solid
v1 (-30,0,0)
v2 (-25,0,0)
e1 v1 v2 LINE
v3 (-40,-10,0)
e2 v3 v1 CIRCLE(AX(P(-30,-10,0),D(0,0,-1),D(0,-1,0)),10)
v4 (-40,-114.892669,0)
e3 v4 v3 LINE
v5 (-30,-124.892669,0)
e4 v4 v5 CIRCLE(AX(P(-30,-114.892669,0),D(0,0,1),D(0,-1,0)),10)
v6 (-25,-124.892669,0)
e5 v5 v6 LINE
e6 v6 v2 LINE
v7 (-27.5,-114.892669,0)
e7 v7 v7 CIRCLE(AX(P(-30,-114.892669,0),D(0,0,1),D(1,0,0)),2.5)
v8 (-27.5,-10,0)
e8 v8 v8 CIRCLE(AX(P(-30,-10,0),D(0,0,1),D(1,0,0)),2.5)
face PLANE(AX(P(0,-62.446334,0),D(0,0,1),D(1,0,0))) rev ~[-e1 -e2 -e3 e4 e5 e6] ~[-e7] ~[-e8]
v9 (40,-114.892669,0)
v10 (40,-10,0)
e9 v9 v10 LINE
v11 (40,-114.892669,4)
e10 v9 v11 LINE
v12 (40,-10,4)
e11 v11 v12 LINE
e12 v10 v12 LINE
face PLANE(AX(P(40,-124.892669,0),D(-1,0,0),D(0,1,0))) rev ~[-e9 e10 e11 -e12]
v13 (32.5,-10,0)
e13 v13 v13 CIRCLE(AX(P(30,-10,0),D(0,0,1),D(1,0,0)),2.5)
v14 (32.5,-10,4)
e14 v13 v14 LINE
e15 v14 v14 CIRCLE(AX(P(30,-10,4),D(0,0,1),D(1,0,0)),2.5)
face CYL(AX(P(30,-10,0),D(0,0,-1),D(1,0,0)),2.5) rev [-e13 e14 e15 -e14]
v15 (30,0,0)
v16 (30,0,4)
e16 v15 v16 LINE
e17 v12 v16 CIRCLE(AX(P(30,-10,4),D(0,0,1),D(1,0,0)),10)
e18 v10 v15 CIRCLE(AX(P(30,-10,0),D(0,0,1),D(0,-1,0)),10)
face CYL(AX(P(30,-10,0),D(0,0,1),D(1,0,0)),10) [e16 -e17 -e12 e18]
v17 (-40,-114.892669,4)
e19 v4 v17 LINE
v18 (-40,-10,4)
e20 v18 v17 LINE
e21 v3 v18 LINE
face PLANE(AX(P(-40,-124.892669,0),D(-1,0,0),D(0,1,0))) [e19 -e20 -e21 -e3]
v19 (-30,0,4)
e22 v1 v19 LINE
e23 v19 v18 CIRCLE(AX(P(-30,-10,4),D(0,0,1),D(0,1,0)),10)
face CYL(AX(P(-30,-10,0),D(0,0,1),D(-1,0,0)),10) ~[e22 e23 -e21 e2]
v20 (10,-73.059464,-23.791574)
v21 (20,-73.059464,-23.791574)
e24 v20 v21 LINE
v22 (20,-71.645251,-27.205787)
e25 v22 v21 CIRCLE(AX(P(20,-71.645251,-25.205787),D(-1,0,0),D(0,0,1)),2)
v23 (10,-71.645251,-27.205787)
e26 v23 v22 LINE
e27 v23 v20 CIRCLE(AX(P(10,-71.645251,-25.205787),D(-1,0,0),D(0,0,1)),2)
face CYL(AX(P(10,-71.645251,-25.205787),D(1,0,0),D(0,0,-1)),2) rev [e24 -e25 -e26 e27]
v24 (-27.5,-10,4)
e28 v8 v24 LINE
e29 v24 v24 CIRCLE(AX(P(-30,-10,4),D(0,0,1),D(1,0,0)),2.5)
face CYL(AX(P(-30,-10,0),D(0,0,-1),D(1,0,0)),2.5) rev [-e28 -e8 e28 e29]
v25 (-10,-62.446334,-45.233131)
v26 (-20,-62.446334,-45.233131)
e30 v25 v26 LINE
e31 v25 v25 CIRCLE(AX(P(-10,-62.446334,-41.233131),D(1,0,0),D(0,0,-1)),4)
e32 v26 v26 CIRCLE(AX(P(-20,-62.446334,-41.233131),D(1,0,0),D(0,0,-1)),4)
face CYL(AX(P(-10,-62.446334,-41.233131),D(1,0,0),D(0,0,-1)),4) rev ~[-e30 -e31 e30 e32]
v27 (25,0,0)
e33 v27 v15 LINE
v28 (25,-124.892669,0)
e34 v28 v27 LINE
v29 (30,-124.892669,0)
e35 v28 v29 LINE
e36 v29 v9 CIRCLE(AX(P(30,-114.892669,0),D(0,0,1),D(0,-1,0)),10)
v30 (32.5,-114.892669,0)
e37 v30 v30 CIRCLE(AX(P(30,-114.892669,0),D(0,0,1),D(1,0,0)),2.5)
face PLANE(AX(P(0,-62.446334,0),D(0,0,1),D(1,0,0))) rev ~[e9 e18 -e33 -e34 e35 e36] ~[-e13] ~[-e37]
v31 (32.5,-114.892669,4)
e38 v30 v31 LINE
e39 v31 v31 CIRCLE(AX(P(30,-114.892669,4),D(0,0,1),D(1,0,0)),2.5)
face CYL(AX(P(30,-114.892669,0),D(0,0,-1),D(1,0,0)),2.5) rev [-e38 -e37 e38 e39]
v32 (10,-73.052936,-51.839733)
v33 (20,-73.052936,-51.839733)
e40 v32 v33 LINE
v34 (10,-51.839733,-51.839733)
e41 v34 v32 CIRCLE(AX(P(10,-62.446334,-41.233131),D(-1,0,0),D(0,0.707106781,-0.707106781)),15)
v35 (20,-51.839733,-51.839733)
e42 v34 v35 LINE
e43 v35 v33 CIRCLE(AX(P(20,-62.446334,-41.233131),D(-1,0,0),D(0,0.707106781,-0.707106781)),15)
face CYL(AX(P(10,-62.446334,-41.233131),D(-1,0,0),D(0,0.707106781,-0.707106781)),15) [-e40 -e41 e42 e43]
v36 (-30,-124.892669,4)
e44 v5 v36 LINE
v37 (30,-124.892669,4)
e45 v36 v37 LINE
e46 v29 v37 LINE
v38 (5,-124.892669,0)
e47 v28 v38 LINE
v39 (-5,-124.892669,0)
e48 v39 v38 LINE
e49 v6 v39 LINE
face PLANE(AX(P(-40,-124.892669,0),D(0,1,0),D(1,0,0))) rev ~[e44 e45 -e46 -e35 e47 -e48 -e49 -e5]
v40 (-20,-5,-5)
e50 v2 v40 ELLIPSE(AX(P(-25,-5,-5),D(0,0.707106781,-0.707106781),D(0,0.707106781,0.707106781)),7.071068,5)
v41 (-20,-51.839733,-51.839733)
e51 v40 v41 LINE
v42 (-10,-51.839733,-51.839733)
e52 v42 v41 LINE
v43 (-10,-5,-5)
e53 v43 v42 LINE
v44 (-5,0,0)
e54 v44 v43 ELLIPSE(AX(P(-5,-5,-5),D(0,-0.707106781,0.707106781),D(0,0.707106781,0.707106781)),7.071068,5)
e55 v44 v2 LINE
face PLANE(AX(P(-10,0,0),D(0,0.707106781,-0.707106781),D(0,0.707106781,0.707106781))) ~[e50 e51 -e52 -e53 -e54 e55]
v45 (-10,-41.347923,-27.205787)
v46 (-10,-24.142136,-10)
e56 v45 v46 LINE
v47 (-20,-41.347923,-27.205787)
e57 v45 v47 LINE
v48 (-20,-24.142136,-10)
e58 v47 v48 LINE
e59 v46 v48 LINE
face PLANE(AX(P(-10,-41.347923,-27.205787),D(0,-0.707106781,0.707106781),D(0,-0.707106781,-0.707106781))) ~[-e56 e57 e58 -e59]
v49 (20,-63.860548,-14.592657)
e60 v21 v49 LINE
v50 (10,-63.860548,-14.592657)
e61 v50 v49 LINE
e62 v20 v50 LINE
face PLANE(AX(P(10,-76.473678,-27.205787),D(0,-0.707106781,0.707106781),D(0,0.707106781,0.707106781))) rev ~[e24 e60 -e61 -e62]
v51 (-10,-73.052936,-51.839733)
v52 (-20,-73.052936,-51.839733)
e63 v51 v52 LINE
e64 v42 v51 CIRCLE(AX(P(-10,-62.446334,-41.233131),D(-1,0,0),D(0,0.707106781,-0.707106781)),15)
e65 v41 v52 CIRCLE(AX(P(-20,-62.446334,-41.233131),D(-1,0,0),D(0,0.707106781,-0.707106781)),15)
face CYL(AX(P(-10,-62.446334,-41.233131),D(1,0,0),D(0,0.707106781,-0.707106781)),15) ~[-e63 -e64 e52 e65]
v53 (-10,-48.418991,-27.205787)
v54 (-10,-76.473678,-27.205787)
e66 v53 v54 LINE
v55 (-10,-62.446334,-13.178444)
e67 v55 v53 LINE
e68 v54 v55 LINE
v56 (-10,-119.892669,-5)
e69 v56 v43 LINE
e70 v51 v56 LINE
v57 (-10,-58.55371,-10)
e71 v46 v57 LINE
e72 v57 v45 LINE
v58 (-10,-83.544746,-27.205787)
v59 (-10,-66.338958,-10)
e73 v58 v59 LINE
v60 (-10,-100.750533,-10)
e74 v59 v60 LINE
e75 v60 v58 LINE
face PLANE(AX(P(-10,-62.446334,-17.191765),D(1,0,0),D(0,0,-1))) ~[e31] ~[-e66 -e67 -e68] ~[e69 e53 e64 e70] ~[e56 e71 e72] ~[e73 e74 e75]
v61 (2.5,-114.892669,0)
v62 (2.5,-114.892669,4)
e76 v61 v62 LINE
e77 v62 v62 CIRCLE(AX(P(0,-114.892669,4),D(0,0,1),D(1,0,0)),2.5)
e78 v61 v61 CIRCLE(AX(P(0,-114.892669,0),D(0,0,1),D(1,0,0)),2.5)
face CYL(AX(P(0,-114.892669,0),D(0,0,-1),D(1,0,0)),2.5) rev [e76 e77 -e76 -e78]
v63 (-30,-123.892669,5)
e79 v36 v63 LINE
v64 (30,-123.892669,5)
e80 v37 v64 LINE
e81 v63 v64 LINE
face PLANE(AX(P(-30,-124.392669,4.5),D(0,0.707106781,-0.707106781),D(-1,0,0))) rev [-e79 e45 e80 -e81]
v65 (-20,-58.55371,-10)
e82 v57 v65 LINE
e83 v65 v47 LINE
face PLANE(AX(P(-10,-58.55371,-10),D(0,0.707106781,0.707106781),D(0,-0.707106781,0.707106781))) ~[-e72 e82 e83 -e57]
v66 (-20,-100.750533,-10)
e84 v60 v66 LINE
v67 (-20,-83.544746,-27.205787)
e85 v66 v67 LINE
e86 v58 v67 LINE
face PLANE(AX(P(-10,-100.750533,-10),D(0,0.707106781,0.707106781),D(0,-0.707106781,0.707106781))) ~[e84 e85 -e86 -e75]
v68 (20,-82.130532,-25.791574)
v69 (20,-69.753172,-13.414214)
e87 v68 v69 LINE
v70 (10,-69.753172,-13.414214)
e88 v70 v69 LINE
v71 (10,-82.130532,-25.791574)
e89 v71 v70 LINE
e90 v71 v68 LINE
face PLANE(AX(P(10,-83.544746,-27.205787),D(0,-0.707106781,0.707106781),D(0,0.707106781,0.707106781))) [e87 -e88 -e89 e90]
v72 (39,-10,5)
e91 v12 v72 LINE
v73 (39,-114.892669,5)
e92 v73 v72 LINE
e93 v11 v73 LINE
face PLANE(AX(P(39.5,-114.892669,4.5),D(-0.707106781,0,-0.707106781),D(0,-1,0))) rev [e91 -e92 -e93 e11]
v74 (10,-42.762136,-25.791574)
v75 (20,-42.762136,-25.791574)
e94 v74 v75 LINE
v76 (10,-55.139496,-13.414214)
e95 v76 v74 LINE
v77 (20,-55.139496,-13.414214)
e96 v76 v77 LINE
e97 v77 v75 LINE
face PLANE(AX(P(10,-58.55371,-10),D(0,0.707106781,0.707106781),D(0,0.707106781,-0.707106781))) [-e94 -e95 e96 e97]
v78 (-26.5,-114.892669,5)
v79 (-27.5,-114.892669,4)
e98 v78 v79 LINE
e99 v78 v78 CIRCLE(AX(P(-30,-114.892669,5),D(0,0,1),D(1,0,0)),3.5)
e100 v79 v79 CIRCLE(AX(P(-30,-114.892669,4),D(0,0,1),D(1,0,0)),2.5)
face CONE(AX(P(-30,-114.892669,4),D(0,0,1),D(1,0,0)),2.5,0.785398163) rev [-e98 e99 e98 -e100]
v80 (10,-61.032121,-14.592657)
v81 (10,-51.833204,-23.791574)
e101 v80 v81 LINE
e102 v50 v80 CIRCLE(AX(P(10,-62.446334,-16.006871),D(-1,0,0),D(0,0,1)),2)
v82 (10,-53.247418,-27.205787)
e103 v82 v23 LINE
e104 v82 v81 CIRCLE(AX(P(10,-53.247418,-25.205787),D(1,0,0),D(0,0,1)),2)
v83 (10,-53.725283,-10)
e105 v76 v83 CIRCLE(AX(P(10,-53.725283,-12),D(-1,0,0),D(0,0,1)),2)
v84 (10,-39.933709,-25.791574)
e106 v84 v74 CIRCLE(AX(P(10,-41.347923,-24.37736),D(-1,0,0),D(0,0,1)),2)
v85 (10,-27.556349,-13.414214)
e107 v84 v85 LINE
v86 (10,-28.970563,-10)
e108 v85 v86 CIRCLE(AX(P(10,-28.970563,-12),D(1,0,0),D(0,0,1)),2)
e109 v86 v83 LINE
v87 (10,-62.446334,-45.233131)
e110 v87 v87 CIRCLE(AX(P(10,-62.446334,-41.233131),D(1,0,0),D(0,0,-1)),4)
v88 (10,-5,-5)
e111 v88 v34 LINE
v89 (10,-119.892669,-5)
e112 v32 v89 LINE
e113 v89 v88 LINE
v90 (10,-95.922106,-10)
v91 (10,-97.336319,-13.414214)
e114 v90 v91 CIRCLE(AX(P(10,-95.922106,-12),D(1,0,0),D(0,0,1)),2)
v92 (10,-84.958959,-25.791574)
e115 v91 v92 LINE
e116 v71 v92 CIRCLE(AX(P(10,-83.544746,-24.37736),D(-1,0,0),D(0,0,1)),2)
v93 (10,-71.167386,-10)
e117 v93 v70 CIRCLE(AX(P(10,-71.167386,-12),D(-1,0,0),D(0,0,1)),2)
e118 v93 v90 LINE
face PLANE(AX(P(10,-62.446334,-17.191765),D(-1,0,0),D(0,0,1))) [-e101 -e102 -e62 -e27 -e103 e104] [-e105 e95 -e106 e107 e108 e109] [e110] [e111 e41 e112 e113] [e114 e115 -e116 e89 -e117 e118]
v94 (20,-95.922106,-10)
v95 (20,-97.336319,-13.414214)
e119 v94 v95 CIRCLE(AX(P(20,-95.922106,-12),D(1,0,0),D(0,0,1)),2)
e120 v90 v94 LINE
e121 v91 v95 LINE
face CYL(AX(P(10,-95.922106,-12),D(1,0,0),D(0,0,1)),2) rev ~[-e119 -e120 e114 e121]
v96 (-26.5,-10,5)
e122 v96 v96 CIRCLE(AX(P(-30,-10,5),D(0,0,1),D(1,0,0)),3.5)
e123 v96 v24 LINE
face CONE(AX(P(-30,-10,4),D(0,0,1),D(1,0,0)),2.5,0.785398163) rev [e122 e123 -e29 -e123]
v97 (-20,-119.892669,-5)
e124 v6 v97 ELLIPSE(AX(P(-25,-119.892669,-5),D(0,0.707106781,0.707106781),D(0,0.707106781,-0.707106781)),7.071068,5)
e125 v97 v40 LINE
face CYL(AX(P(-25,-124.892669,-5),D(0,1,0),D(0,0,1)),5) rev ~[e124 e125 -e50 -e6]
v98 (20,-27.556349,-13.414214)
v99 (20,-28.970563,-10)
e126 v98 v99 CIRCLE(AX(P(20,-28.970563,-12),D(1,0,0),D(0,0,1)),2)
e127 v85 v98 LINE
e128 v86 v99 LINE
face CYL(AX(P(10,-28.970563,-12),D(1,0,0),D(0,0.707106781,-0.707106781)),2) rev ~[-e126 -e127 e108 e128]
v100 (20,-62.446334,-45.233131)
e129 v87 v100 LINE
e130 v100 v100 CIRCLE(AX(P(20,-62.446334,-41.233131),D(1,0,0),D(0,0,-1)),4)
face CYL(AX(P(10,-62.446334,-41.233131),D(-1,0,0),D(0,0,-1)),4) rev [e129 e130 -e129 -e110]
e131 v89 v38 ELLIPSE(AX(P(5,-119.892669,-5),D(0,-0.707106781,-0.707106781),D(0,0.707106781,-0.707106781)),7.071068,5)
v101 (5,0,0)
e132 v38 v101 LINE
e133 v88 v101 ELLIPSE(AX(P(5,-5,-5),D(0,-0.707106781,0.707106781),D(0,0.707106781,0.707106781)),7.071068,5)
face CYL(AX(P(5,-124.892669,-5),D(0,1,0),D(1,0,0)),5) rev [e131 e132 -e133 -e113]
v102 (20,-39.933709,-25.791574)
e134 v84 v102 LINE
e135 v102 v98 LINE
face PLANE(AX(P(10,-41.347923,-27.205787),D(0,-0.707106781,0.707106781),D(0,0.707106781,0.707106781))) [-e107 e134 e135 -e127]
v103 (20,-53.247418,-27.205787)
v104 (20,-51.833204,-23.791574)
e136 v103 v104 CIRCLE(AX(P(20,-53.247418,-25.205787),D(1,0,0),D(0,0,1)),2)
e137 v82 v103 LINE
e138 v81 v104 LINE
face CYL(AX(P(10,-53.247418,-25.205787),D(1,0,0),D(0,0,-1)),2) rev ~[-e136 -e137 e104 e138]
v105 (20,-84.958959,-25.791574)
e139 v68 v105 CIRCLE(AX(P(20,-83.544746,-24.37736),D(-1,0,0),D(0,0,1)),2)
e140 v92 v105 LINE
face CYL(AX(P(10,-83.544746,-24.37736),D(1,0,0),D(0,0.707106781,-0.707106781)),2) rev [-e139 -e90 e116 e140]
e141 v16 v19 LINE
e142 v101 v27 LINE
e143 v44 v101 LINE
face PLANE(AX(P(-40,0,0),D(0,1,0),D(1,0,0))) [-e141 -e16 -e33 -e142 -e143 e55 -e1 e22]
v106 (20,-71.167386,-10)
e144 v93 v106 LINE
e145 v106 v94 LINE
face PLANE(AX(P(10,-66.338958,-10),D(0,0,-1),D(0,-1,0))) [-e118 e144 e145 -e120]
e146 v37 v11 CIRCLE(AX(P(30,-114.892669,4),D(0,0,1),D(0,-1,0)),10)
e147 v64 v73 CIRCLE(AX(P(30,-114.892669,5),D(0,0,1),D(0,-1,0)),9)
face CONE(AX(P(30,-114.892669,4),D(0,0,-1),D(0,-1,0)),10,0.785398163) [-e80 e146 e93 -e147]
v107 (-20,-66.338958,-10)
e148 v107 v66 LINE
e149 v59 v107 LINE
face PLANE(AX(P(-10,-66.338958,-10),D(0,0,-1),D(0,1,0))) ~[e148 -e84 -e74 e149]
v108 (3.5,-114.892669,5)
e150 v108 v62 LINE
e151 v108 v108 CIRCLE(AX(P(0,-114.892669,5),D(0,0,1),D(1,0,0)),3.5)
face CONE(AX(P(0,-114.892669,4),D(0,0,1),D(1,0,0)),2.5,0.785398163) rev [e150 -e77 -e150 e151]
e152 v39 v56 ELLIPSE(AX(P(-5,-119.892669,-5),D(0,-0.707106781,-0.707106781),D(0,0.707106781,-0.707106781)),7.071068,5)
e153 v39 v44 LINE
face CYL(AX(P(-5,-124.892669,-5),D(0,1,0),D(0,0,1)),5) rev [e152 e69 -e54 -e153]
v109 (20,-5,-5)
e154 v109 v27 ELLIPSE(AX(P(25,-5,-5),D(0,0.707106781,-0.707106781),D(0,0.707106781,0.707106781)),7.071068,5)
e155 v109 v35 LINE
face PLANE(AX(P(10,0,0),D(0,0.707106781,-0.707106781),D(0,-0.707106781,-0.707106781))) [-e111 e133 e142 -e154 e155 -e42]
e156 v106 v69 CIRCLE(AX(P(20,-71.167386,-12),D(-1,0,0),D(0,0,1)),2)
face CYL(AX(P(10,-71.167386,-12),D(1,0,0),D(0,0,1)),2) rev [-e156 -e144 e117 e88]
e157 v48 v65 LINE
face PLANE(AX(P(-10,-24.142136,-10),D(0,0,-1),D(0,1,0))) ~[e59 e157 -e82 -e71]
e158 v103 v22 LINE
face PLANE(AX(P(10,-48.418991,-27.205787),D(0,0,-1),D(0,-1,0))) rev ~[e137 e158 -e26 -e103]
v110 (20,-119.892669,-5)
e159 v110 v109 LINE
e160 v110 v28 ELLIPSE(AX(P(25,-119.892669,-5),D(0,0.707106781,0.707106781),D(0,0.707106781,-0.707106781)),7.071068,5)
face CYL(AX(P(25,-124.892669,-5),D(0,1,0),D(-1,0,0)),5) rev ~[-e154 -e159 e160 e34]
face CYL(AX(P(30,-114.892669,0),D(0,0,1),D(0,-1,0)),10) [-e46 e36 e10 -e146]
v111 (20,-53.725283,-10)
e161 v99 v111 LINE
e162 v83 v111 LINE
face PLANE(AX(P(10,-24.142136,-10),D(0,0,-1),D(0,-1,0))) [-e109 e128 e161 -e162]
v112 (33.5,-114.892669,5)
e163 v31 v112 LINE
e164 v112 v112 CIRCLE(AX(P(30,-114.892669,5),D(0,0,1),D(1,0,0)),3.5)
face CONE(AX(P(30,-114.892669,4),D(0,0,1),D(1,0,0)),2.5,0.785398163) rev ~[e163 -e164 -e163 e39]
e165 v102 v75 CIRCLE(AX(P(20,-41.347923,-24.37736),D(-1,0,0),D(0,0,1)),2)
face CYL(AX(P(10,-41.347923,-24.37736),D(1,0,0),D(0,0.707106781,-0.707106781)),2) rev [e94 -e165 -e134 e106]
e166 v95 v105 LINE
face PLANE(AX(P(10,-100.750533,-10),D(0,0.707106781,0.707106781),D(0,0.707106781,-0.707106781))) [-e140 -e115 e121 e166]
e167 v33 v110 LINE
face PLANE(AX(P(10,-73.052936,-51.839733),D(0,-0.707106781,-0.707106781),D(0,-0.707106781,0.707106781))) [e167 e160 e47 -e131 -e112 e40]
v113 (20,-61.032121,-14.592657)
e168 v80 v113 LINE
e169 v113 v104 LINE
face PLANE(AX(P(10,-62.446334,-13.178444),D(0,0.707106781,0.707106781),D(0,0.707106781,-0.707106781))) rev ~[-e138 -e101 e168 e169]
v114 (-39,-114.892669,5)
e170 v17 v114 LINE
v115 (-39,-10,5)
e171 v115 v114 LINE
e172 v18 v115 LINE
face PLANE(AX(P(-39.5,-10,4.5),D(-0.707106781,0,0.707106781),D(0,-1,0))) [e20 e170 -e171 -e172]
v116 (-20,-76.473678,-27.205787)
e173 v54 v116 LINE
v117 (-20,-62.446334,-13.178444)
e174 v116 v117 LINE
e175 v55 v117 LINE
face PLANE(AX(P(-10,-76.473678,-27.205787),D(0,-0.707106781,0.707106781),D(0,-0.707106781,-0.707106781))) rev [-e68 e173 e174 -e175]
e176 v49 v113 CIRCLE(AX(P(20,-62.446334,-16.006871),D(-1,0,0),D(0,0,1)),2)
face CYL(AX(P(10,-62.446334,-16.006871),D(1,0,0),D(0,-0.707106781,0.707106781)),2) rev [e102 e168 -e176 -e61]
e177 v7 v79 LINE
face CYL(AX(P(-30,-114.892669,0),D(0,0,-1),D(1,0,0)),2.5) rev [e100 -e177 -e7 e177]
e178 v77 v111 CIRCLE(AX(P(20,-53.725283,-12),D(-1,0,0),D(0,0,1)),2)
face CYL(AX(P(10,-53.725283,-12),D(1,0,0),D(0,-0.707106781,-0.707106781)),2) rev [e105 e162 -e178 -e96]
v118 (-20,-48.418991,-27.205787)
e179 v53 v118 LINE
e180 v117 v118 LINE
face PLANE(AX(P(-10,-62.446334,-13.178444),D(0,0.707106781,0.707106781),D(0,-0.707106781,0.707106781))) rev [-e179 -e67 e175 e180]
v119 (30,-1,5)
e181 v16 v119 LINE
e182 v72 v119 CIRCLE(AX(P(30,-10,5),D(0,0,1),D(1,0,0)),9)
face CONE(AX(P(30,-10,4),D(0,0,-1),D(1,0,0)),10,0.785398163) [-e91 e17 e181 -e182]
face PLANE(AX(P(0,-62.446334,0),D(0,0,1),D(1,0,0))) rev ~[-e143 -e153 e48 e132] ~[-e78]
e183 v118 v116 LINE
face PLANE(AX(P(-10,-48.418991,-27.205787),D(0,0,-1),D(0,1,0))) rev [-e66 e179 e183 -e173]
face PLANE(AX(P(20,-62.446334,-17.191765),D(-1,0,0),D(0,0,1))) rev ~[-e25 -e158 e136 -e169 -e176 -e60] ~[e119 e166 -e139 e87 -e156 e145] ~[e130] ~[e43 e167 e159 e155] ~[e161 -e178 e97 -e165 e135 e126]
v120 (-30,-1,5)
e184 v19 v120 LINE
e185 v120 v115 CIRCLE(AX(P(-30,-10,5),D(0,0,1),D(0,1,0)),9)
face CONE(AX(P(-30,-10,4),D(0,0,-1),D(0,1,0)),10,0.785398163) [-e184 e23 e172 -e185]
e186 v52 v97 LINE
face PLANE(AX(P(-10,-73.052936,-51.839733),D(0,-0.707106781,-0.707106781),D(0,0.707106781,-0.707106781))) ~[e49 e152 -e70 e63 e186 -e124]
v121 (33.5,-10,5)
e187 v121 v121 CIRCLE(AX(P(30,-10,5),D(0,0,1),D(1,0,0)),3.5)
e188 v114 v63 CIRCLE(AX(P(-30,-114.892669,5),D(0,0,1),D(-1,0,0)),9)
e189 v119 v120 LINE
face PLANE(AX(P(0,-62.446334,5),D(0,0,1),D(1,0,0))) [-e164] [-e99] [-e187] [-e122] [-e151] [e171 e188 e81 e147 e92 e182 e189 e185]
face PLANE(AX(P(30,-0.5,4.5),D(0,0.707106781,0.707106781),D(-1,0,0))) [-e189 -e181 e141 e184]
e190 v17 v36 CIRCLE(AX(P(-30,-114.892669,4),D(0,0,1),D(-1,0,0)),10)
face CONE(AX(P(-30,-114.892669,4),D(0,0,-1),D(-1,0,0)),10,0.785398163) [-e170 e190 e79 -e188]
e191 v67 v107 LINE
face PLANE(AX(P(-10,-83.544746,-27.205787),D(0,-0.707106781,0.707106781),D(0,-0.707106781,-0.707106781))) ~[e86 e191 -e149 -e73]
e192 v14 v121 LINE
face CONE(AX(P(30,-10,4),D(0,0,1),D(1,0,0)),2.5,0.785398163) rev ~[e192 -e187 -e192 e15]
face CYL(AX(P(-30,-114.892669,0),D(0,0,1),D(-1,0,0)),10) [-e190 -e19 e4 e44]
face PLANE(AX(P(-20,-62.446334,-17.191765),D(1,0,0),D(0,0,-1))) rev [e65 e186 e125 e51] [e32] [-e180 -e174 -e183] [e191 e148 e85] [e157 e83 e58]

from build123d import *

# Parameters (mm, degrees)
ESBO_O1_R                = 4
RESSALTO_EXTRUS_O2_DEPTH = 10
ESBO_O2_W                = 80
ESBO_O2_H                = 124.892668507
ESBO_O2_R                = 2.5
RESSALTO_EXTRUS_O3_DEPTH = 5
FILETE5_R                = 2
FILETE6_R                = 5
FILETE7_R                = 10
CHANFRO1_SIZE            = 1


with BuildPart() as part:
    # Esboço1 → Ressalto-extrusão2 (new body)
    with BuildSketch(Plane(origin=(10, 0, 0), x_dir=(0, 0, -1), z_dir=(1, 0, 0))):
        with BuildLine():
            Line((51.839732536, -73.052935971), (0, -124.892668507))
            Line((0, -124.892668507), (0, 0))
            Line((0, 0), (51.839732536, -51.839732536))
            ThreePointArc((51.839732536, -51.839732536), (56.233130818, -62.446334254), (51.839732536, -73.052935971))
        make_face()
        with Locations((41.233130818, -62.446334254)):
            Circle(ESBO_O1_R, mode=Mode.SUBTRACT)
        Polygon((10, -24.142135624), (10, -58.553710058), (27.205787217, -41.347922841), align=None, mode=Mode.SUBTRACT)
        Polygon((10, -100.750532883), (27.205787217, -83.544745666), (10, -66.338958449), align=None, mode=Mode.SUBTRACT)
        Polygon((27.205787217, -48.418990653), (27.205787217, -76.473677854), (13.178443616, -62.446334254), align=None, mode=Mode.SUBTRACT)
    extrude(amount=RESSALTO_EXTRUS_O2_DEPTH)


with BuildPart() as body_2:
    # Espelhar2: mirrored copy
    add(part.part.mirror(Plane(origin=(0, 0, 0), x_dir=(0, 0, 1), z_dir=(1, 0, 0))))


with BuildPart() as part_1:
    add(part.part)

    add(body_2.part)  # Ressalto-extrusão3 merges body 2
    # Esboço2 → Ressalto-extrusão3 (add)
    with BuildSketch(Plane.XY):
        with Locations((0, -62.446334254)):
            Rectangle(ESBO_O2_W, ESBO_O2_H)
        with Locations((-30, -10)):
            Circle(ESBO_O2_R, mode=Mode.SUBTRACT)
        with Locations((30, -10)):
            Circle(ESBO_O2_R, mode=Mode.SUBTRACT)
        with Locations((-30, -114.892668507)):
            Circle(ESBO_O2_R, mode=Mode.SUBTRACT)
        with Locations((30, -114.892668507)):
            Circle(ESBO_O2_R, mode=Mode.SUBTRACT)
        with Locations((0, -114.892668507)):
            Circle(ESBO_O2_R, mode=Mode.SUBTRACT)
    extrude(amount=RESSALTO_EXTRUS_O3_DEPTH)

    # Filete5
    filete5_edges = [part_1.edges().sort_by_distance(p)[0] for p in [
        (15, -100.750532883, -10),
        (15, -83.544745666, -27.205787217),
        (15, -66.338958449, -10),
        (15, -24.142135624, -10),
        (15, -58.553710058, -10),
        (15, -41.347922841, -27.205787217),
        (15, -76.473677854, -27.205787217),
        (15, -48.418990653, -27.205787217),
        (15, -62.446334254, -13.178443616),
    ]]
    fillet(filete5_edges, radius=FILETE5_R)

    # Filete6
    filete6_edges = [part_1.edges().sort_by_distance(p)[0] for p in [
        (10, -62.446334254, 0),
        (20, -62.446334254, 0),
        (-10, -62.446334254, 0),
        (-20, -62.446334254, 0),
    ]]
    fillet(filete6_edges, radius=FILETE6_R)

    # Filete7
    filete7_edges = [part_1.edges().sort_by_distance(p)[0] for p in [
        (-40, 0, 2.5),
        (-40, -124.892668507, 2.5),
        (40, -124.892668507, 2.5),
        (40, 0, 2.5),
    ]]
    fillet(filete7_edges, radius=FILETE7_R)

    # Chanfro1
    chanfro1_edges = [part_1.edges().sort_by_distance(p)[0] for p in [
        (0, -124.892668507, 5),
        (-40, -62.446334254, 5),
        (40, -62.446334254, 5),
        (0, 0, 5),
        (37.071067812, -2.928932188, 5),
        (-37.071067812, -2.928932188, 5),
        (37.071067812, -121.963736319, 5),
        (-37.071067812, -121.963736319, 5),
        (-32.5, -10, 5),
        (27.5, -10, 5),
        (-32.5, -114.892668507, 5),
        (27.5, -114.892668507, 5),
        (-2.5, -114.892668507, 5),
    ]]
    chamfer(chanfro1_edges, length=CHANFRO1_SIZE)


solid = part_1.part
